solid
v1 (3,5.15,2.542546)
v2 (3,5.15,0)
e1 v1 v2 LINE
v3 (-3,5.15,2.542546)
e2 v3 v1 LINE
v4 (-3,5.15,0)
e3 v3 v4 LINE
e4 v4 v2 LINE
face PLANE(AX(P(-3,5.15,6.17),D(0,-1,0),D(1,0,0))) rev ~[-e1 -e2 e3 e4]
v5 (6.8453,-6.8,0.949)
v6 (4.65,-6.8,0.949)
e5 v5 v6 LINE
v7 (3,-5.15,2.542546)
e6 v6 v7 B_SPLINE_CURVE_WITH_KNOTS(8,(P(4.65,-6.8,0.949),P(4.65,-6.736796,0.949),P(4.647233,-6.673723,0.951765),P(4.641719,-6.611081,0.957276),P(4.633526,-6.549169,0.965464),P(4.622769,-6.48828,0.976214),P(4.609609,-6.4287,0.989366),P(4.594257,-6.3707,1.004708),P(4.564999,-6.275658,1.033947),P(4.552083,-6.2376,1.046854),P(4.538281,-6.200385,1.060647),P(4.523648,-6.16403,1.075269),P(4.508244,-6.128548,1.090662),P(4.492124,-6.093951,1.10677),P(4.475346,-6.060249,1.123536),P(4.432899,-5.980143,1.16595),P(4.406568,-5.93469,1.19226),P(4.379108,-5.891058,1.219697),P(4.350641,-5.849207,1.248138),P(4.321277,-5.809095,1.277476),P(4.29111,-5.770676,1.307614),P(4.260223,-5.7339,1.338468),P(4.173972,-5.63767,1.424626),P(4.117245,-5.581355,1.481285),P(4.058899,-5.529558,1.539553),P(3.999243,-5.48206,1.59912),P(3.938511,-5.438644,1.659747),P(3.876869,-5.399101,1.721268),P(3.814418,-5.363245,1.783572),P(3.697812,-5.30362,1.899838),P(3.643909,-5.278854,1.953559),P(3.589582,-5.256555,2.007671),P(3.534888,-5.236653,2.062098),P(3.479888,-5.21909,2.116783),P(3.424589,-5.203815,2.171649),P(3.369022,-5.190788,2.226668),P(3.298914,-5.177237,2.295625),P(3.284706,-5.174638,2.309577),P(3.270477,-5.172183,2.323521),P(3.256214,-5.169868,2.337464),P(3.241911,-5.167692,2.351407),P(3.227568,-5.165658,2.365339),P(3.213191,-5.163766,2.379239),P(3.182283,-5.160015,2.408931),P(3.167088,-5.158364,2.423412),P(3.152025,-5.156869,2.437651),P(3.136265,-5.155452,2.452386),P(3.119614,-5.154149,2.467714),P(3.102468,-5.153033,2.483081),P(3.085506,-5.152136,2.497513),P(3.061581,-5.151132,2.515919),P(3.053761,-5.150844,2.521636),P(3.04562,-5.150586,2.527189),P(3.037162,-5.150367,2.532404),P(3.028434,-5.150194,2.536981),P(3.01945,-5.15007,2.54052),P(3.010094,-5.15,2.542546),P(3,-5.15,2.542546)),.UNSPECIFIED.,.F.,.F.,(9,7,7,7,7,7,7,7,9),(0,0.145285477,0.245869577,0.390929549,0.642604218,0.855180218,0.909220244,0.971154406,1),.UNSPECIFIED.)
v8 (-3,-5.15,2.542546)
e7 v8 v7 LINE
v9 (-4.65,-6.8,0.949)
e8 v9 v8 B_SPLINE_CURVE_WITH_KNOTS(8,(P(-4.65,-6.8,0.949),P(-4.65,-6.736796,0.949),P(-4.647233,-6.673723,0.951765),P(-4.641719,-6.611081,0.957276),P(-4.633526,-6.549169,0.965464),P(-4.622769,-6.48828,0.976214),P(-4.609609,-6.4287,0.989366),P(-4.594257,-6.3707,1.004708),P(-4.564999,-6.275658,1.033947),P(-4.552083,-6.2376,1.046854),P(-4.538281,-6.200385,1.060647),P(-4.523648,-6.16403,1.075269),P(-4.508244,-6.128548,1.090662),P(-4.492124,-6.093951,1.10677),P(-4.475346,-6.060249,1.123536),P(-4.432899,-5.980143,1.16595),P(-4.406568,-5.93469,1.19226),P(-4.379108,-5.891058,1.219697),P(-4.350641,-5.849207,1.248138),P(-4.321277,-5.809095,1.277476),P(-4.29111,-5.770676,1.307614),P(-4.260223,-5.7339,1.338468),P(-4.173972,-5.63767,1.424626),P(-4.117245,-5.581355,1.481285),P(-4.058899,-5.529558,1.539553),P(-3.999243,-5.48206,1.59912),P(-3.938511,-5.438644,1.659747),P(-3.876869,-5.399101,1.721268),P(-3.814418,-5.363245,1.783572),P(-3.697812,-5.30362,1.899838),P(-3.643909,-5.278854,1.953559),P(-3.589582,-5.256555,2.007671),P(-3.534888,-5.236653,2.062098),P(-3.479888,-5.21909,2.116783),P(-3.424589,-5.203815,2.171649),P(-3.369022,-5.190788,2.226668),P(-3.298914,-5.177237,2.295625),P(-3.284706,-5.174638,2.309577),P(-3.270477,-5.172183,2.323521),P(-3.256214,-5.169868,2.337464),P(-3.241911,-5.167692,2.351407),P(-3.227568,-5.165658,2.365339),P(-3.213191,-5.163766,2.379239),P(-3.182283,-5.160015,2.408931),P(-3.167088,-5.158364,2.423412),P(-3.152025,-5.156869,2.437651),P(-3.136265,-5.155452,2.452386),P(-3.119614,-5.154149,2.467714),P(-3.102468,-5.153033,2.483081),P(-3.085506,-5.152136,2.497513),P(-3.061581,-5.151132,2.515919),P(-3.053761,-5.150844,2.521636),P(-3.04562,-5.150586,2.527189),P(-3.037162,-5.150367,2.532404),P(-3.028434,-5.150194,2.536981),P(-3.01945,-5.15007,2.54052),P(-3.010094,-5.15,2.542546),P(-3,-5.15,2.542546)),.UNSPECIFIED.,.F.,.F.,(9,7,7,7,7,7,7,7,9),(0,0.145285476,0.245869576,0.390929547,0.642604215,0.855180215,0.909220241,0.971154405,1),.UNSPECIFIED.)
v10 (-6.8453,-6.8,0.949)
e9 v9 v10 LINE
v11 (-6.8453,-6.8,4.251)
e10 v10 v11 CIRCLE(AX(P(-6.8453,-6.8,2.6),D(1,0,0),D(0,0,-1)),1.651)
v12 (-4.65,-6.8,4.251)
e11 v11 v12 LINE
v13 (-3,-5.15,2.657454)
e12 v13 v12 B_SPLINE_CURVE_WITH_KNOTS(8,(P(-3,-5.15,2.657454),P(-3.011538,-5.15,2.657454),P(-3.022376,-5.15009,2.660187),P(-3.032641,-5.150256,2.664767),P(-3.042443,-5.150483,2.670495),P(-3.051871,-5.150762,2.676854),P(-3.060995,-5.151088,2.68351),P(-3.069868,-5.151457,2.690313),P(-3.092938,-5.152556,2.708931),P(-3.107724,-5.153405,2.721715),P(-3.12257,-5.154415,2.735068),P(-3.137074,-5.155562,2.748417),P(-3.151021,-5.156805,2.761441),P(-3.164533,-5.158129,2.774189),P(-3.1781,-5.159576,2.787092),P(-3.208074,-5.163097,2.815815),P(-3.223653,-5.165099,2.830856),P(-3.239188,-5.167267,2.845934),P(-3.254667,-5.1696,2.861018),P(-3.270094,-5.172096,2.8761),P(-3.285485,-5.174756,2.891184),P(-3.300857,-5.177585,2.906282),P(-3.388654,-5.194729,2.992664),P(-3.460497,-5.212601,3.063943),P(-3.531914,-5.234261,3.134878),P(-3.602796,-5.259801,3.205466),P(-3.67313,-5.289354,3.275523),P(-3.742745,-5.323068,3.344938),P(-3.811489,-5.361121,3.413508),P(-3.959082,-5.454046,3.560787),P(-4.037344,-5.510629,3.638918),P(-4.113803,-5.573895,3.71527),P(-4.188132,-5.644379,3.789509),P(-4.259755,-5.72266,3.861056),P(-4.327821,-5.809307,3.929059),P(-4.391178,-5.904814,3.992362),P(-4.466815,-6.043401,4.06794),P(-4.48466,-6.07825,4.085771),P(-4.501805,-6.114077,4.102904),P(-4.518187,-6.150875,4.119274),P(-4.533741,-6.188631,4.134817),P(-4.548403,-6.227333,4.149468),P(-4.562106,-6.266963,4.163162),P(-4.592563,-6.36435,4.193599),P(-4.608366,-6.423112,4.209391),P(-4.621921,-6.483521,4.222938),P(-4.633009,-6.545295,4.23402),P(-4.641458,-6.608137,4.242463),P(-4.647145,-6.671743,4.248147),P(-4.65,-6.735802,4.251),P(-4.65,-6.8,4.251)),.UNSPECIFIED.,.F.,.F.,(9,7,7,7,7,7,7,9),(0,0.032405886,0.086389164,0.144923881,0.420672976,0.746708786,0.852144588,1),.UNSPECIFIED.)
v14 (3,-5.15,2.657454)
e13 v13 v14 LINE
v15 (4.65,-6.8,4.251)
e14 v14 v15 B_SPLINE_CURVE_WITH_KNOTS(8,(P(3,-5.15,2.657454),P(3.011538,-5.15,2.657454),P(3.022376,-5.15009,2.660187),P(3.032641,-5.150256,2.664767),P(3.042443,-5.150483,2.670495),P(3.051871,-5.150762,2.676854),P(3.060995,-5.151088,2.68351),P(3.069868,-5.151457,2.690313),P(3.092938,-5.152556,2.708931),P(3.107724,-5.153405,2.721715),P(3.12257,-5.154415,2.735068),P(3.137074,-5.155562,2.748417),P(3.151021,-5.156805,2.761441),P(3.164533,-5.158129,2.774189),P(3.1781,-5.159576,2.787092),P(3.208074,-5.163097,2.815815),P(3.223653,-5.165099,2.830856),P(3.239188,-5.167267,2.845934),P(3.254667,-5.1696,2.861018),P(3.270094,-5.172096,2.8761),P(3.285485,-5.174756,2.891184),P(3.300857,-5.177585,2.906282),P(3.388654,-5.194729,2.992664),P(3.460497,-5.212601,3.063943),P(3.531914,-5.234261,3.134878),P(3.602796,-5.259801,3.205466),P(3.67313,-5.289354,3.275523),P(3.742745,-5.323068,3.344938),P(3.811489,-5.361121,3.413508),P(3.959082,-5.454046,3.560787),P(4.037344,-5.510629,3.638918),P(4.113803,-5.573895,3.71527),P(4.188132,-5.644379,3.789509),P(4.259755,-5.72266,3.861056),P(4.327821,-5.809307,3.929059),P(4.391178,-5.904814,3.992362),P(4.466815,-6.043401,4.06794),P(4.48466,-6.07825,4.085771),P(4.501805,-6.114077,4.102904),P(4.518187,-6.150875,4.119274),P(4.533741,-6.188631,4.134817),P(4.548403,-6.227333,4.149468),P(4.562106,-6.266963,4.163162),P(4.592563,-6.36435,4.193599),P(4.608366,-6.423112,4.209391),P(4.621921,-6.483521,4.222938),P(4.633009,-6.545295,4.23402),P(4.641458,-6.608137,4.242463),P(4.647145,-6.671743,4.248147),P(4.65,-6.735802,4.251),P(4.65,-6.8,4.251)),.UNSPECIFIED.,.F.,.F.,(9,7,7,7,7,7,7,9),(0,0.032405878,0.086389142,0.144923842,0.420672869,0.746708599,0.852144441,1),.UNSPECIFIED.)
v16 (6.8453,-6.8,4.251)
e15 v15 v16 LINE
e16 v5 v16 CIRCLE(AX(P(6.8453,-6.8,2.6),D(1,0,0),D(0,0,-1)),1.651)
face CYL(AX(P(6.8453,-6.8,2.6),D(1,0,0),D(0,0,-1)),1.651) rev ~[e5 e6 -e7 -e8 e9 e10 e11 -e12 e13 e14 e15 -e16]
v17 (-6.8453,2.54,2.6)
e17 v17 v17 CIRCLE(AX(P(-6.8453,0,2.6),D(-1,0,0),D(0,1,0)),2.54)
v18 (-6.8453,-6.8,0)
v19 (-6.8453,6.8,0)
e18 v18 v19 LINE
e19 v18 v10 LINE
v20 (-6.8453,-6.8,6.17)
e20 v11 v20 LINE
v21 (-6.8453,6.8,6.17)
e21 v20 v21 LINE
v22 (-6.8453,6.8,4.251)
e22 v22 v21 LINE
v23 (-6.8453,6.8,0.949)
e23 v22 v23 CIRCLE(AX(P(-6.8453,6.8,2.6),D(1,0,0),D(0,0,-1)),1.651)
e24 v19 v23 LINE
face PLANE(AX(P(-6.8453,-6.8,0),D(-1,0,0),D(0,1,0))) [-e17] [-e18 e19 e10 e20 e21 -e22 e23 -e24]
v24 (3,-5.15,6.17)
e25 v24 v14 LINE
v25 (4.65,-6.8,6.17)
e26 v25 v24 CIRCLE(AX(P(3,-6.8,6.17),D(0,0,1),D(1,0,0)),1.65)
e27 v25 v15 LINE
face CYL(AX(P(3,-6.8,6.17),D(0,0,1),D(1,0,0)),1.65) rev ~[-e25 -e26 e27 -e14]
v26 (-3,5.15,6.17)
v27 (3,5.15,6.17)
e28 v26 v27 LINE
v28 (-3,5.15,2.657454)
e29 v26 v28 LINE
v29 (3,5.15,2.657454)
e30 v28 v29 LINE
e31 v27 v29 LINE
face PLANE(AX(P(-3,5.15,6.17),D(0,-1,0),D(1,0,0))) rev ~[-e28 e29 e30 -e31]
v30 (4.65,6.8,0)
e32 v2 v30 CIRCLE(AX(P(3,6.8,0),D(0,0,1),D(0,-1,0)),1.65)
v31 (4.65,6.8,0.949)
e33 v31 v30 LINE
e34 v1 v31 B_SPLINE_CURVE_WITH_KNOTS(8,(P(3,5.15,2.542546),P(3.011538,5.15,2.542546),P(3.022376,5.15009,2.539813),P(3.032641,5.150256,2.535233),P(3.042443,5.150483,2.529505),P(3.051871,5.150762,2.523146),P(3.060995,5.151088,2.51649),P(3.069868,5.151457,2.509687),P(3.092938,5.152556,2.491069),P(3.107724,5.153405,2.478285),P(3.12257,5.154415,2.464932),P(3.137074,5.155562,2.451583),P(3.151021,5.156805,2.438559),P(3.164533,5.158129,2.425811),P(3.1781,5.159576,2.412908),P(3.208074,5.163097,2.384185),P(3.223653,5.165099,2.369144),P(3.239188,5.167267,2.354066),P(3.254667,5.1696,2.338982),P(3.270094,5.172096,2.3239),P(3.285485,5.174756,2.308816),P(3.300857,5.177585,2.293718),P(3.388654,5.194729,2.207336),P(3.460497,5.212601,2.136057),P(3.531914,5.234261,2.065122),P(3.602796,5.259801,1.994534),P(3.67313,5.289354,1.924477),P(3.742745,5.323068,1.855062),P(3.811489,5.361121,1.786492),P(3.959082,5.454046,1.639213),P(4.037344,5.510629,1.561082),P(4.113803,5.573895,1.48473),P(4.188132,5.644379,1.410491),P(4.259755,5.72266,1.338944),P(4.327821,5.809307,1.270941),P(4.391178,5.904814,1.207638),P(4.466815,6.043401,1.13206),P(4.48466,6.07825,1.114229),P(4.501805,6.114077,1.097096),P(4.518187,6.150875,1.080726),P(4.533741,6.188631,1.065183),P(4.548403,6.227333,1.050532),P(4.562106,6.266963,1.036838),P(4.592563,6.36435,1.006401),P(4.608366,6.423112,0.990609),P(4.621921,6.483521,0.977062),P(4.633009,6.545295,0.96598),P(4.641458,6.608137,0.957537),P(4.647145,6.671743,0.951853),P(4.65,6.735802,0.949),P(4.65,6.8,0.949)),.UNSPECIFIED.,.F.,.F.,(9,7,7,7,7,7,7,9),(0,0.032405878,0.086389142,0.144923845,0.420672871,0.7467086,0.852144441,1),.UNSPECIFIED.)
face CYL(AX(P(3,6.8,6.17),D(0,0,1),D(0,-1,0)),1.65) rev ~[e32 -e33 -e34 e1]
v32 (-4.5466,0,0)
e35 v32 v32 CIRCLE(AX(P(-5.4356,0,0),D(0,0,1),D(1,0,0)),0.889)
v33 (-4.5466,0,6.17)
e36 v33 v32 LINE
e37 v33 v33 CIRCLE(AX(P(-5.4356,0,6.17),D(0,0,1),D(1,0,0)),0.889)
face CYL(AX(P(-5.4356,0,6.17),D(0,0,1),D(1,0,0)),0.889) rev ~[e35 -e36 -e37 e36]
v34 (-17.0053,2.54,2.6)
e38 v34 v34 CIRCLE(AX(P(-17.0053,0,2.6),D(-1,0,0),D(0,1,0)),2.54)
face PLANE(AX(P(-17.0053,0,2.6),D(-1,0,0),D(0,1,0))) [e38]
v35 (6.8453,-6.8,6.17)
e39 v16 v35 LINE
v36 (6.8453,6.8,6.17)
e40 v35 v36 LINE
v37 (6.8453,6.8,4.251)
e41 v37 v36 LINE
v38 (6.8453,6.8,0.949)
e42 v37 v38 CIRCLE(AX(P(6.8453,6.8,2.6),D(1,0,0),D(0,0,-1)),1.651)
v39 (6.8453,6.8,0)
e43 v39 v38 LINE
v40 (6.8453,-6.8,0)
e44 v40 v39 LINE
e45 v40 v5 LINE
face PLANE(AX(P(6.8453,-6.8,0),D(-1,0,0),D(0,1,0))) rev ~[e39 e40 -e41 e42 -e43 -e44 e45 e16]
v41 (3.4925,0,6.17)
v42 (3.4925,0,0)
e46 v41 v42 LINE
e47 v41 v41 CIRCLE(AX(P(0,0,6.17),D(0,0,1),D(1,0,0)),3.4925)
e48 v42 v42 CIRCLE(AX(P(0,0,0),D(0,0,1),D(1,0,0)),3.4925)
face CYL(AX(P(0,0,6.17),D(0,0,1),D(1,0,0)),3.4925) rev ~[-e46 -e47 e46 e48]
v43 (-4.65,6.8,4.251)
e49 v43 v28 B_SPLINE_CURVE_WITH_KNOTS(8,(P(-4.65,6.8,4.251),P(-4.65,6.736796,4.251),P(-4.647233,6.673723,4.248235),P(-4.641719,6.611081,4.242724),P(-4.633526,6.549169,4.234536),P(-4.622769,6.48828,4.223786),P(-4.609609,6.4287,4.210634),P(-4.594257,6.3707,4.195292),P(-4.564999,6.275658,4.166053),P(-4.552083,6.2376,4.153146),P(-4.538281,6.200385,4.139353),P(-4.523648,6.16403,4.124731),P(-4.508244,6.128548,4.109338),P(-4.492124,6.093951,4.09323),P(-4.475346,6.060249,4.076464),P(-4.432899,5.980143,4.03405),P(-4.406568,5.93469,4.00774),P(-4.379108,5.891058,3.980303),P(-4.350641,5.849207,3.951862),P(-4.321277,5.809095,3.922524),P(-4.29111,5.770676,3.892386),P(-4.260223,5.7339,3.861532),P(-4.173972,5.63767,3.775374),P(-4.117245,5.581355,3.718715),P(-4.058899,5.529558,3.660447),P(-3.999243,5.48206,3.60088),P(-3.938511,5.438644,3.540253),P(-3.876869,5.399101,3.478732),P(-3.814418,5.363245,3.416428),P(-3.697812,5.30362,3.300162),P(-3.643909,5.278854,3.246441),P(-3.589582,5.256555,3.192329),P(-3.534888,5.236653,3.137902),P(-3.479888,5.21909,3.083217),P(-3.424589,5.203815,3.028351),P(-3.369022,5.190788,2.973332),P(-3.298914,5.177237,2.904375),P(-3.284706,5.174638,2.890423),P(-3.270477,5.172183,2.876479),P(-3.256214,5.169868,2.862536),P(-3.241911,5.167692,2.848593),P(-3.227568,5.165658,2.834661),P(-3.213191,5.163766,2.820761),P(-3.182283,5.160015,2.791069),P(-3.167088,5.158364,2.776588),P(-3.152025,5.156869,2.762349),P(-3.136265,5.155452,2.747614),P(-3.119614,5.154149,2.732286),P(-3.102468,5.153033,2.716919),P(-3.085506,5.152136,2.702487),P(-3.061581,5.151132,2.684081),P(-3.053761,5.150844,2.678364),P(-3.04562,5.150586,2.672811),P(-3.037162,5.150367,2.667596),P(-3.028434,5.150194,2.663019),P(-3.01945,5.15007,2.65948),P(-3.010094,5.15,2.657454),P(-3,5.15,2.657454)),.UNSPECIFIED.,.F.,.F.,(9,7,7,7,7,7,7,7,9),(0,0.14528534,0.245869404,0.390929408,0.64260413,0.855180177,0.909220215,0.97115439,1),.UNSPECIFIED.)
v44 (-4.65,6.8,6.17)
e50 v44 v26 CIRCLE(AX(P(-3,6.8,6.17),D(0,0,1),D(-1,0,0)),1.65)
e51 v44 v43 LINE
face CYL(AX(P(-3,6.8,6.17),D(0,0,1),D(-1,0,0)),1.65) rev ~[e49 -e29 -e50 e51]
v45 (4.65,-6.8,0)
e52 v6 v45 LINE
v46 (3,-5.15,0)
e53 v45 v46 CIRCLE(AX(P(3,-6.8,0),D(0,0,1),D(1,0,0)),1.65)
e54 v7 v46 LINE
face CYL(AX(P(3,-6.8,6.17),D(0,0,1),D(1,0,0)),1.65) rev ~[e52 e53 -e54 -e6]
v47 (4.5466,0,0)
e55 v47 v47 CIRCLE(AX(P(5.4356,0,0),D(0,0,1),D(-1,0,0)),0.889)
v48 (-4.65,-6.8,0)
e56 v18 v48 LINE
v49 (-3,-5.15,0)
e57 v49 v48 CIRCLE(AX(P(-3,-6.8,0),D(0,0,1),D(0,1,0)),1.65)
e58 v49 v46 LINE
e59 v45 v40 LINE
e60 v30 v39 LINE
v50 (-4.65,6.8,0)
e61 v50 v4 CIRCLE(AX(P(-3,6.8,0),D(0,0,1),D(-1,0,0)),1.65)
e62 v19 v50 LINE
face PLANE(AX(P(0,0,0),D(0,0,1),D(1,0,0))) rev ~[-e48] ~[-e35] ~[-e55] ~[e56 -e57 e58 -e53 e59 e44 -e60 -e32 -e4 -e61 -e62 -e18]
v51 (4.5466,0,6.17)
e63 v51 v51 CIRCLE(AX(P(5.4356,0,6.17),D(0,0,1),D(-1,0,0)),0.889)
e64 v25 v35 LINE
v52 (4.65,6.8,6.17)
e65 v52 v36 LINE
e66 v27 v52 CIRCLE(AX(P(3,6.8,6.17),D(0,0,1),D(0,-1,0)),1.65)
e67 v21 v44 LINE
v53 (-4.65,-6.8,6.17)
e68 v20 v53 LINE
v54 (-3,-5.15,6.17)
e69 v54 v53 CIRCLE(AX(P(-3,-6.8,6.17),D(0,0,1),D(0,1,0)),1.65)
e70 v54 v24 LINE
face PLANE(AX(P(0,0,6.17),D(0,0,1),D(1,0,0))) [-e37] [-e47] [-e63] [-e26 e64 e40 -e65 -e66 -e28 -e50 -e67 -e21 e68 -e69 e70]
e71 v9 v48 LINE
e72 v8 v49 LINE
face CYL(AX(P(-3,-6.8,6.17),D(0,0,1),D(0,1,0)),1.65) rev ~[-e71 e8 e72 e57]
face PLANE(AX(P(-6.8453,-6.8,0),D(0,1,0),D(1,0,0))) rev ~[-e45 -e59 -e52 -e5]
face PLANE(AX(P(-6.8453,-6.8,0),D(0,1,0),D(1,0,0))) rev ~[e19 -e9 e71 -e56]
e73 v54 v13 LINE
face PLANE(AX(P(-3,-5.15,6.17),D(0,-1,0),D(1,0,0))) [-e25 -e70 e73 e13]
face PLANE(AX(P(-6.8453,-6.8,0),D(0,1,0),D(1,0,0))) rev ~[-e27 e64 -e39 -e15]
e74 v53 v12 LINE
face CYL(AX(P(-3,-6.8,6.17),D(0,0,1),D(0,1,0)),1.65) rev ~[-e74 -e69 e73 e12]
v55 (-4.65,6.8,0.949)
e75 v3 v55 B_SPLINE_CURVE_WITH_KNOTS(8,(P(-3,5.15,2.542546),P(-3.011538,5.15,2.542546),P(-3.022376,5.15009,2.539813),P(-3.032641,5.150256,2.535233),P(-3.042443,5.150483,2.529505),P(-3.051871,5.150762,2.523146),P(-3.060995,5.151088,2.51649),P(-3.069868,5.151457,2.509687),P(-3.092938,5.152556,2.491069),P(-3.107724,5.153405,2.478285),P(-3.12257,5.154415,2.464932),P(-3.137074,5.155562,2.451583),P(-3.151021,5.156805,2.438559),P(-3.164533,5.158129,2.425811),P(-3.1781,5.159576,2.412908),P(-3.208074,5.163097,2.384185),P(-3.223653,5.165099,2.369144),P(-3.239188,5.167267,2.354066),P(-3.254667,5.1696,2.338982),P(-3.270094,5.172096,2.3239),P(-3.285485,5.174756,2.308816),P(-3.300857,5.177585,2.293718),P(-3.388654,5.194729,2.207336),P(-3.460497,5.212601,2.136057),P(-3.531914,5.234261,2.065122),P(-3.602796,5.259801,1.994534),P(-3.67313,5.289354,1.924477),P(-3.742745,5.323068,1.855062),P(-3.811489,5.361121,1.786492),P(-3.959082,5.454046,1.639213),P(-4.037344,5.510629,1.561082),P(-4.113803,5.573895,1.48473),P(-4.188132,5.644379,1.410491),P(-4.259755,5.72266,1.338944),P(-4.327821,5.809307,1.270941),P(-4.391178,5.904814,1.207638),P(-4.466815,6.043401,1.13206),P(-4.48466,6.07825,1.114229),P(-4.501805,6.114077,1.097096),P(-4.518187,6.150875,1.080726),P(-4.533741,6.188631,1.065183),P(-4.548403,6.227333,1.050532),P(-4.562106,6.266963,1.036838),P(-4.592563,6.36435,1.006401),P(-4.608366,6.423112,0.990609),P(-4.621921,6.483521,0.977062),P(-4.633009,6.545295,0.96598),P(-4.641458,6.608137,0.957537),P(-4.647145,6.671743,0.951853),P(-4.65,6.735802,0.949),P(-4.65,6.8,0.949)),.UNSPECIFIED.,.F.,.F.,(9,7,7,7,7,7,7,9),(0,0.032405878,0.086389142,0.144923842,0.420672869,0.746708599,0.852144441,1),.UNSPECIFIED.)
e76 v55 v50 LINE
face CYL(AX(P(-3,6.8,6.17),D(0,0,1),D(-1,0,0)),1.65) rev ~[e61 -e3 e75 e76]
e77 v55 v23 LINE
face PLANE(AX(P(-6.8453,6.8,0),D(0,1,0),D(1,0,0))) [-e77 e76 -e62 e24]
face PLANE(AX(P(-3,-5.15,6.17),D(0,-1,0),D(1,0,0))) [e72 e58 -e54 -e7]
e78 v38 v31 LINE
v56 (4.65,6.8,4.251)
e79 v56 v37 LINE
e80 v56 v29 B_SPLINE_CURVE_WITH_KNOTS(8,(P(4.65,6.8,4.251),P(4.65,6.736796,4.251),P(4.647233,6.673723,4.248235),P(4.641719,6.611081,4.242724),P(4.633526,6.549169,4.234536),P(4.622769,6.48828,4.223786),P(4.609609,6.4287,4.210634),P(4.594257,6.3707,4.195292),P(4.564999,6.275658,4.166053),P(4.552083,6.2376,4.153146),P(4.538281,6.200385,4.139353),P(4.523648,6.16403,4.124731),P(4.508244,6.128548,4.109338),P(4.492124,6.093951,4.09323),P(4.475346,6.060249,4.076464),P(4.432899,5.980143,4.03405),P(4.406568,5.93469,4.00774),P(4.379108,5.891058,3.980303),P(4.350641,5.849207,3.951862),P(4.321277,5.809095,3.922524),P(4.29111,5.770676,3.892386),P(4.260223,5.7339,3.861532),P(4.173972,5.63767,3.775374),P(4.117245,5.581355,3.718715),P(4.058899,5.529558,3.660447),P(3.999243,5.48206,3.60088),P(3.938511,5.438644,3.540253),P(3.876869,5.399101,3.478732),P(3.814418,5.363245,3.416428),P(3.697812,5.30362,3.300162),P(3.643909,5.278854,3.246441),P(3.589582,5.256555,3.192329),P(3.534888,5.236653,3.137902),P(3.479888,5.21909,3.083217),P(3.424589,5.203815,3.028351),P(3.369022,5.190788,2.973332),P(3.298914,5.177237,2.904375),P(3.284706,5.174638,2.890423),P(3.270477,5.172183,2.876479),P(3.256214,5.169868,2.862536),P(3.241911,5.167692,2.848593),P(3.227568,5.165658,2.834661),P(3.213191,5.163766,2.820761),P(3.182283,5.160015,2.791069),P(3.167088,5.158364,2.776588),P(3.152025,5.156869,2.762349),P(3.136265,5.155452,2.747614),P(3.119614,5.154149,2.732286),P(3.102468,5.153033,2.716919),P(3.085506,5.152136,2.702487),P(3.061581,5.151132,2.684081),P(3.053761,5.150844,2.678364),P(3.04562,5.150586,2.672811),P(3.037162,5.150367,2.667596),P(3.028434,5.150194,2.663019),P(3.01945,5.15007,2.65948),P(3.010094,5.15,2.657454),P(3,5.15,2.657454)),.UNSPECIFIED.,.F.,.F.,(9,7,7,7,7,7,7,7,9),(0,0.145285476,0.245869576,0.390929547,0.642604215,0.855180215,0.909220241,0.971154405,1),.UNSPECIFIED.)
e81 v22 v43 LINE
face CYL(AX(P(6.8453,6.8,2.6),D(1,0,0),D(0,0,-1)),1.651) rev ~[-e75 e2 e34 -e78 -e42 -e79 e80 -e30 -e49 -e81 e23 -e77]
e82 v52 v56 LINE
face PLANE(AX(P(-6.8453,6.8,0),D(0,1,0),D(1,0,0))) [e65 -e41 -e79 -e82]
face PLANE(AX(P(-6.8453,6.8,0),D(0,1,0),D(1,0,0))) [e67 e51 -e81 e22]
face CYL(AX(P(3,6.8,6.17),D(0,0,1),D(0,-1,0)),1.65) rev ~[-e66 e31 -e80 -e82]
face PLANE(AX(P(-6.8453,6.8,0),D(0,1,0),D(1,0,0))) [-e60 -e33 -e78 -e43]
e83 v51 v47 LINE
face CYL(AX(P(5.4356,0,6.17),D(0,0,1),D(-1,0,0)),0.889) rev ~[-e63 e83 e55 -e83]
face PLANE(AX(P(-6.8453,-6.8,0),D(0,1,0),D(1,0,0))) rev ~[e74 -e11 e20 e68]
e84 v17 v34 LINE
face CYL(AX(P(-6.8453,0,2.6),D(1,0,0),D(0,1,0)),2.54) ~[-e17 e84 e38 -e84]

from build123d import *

# Parameters (mm, degrees)
SKETCH1_W           = 13.6906
SKETCH1_H           = 13.6
BOSS_EXTRUDE1_DEPTH = 6.17
SKETCH2_R           = 1.651
CUT_EXTRUDE1_DEPTH  = 17.484581534
SKETCH3_W           = 6
SKETCH3_H           = 1.65
CUT_EXTRUDE2_DEPTH  = 12.452817649
SKETCH4_R           = 3.4925
CUT_EXTRUDE3_DEPTH  = 12.452817822
SKETCH5_R           = 2.54
BOSS_EXTRUDE2_DEPTH = 10.16
SKETCH6_R           = 0.889
CUT_EXTRUDE4_DEPTH  = 20.325866881


with BuildPart() as part:
    # Sketch1 → Boss-Extrude1 (new body)
    with BuildSketch(Plane.XY):
        Rectangle(SKETCH1_W, SKETCH1_H)
    extrude(amount=BOSS_EXTRUDE1_DEPTH)

    # Sketch2 → Cut-Extrude1 (cut, through all)
    with BuildSketch(Plane(origin=(6.8453, 0, 0), x_dir=(0, 0, -1), z_dir=(1, 0, 0))):
        with Locations((-2.6, 6.8)):
            Circle(SKETCH2_R)
        with Locations((-2.6, -6.8)):
            Circle(SKETCH2_R)
    extrude(amount=-CUT_EXTRUDE1_DEPTH, mode=Mode.SUBTRACT)

    # Sketch3 → Cut-Extrude2 (cut, through all)
    with BuildSketch(Plane.XY.offset(6.17)):
        with BuildLine():
            Line((-3, 5.15), (-3, 6.8))
            Line((-3, 6.8), (-4.65, 6.8))
            ThreePointArc((-4.65, 6.8), (-4.166726189, 5.633273811), (-3, 5.15))
        make_face()
        with Locations((0, 5.975)):
            Rectangle(SKETCH3_W, SKETCH3_H)
        with BuildLine():
            Line((4.65, 6.8), (3, 6.8))
            Line((3, 6.8), (3, 5.15))
            ThreePointArc((3, 5.15), (4.166726189, 5.633273811), (4.65, 6.8))
        make_face()
        with BuildLine():
            Line((3, -5.15), (3, -6.8))
            Line((3, -6.8), (4.65, -6.8))
            ThreePointArc((4.65, -6.8), (4.166726189, -5.633273811), (3, -5.15))
        make_face()
        with Locations((0, -5.975)):
            Rectangle(SKETCH3_W, SKETCH3_H)
        with BuildLine():
            Line((-4.65, -6.8), (-3, -6.8))
            Line((-3, -6.8), (-3, -5.15))
            ThreePointArc((-3, -5.15), (-4.166726189, -5.633273811), (-4.65, -6.8))
        make_face()
    extrude(amount=-CUT_EXTRUDE2_DEPTH, mode=Mode.SUBTRACT)

    # Sketch4 → Cut-Extrude3 (cut, through all)
    with BuildSketch(Plane.XY.offset(6.17)):
        Circle(SKETCH4_R)
    extrude(amount=-CUT_EXTRUDE3_DEPTH, mode=Mode.SUBTRACT)

    # Sketch5 → Boss-Extrude2 (add)
    with BuildSketch(Plane.ZY.offset(6.8453)):
        with Locations(Location((2.6, 0, 0), (0, 0, 90))):
            Circle(SKETCH5_R)
    extrude(amount=BOSS_EXTRUDE2_DEPTH)

    # Sketch6 → Cut-Extrude4 (cut, through all)
    with BuildSketch(Plane.XY.offset(6.17)):
        with Locations((-5.4356, 0)):
            Circle(SKETCH6_R)
        with Locations(Location((5.4356, 0, 0), (0, 0, 180))):
            Circle(SKETCH6_R)
    extrude(amount=-CUT_EXTRUDE4_DEPTH, mode=Mode.SUBTRACT)


solid = part.part
